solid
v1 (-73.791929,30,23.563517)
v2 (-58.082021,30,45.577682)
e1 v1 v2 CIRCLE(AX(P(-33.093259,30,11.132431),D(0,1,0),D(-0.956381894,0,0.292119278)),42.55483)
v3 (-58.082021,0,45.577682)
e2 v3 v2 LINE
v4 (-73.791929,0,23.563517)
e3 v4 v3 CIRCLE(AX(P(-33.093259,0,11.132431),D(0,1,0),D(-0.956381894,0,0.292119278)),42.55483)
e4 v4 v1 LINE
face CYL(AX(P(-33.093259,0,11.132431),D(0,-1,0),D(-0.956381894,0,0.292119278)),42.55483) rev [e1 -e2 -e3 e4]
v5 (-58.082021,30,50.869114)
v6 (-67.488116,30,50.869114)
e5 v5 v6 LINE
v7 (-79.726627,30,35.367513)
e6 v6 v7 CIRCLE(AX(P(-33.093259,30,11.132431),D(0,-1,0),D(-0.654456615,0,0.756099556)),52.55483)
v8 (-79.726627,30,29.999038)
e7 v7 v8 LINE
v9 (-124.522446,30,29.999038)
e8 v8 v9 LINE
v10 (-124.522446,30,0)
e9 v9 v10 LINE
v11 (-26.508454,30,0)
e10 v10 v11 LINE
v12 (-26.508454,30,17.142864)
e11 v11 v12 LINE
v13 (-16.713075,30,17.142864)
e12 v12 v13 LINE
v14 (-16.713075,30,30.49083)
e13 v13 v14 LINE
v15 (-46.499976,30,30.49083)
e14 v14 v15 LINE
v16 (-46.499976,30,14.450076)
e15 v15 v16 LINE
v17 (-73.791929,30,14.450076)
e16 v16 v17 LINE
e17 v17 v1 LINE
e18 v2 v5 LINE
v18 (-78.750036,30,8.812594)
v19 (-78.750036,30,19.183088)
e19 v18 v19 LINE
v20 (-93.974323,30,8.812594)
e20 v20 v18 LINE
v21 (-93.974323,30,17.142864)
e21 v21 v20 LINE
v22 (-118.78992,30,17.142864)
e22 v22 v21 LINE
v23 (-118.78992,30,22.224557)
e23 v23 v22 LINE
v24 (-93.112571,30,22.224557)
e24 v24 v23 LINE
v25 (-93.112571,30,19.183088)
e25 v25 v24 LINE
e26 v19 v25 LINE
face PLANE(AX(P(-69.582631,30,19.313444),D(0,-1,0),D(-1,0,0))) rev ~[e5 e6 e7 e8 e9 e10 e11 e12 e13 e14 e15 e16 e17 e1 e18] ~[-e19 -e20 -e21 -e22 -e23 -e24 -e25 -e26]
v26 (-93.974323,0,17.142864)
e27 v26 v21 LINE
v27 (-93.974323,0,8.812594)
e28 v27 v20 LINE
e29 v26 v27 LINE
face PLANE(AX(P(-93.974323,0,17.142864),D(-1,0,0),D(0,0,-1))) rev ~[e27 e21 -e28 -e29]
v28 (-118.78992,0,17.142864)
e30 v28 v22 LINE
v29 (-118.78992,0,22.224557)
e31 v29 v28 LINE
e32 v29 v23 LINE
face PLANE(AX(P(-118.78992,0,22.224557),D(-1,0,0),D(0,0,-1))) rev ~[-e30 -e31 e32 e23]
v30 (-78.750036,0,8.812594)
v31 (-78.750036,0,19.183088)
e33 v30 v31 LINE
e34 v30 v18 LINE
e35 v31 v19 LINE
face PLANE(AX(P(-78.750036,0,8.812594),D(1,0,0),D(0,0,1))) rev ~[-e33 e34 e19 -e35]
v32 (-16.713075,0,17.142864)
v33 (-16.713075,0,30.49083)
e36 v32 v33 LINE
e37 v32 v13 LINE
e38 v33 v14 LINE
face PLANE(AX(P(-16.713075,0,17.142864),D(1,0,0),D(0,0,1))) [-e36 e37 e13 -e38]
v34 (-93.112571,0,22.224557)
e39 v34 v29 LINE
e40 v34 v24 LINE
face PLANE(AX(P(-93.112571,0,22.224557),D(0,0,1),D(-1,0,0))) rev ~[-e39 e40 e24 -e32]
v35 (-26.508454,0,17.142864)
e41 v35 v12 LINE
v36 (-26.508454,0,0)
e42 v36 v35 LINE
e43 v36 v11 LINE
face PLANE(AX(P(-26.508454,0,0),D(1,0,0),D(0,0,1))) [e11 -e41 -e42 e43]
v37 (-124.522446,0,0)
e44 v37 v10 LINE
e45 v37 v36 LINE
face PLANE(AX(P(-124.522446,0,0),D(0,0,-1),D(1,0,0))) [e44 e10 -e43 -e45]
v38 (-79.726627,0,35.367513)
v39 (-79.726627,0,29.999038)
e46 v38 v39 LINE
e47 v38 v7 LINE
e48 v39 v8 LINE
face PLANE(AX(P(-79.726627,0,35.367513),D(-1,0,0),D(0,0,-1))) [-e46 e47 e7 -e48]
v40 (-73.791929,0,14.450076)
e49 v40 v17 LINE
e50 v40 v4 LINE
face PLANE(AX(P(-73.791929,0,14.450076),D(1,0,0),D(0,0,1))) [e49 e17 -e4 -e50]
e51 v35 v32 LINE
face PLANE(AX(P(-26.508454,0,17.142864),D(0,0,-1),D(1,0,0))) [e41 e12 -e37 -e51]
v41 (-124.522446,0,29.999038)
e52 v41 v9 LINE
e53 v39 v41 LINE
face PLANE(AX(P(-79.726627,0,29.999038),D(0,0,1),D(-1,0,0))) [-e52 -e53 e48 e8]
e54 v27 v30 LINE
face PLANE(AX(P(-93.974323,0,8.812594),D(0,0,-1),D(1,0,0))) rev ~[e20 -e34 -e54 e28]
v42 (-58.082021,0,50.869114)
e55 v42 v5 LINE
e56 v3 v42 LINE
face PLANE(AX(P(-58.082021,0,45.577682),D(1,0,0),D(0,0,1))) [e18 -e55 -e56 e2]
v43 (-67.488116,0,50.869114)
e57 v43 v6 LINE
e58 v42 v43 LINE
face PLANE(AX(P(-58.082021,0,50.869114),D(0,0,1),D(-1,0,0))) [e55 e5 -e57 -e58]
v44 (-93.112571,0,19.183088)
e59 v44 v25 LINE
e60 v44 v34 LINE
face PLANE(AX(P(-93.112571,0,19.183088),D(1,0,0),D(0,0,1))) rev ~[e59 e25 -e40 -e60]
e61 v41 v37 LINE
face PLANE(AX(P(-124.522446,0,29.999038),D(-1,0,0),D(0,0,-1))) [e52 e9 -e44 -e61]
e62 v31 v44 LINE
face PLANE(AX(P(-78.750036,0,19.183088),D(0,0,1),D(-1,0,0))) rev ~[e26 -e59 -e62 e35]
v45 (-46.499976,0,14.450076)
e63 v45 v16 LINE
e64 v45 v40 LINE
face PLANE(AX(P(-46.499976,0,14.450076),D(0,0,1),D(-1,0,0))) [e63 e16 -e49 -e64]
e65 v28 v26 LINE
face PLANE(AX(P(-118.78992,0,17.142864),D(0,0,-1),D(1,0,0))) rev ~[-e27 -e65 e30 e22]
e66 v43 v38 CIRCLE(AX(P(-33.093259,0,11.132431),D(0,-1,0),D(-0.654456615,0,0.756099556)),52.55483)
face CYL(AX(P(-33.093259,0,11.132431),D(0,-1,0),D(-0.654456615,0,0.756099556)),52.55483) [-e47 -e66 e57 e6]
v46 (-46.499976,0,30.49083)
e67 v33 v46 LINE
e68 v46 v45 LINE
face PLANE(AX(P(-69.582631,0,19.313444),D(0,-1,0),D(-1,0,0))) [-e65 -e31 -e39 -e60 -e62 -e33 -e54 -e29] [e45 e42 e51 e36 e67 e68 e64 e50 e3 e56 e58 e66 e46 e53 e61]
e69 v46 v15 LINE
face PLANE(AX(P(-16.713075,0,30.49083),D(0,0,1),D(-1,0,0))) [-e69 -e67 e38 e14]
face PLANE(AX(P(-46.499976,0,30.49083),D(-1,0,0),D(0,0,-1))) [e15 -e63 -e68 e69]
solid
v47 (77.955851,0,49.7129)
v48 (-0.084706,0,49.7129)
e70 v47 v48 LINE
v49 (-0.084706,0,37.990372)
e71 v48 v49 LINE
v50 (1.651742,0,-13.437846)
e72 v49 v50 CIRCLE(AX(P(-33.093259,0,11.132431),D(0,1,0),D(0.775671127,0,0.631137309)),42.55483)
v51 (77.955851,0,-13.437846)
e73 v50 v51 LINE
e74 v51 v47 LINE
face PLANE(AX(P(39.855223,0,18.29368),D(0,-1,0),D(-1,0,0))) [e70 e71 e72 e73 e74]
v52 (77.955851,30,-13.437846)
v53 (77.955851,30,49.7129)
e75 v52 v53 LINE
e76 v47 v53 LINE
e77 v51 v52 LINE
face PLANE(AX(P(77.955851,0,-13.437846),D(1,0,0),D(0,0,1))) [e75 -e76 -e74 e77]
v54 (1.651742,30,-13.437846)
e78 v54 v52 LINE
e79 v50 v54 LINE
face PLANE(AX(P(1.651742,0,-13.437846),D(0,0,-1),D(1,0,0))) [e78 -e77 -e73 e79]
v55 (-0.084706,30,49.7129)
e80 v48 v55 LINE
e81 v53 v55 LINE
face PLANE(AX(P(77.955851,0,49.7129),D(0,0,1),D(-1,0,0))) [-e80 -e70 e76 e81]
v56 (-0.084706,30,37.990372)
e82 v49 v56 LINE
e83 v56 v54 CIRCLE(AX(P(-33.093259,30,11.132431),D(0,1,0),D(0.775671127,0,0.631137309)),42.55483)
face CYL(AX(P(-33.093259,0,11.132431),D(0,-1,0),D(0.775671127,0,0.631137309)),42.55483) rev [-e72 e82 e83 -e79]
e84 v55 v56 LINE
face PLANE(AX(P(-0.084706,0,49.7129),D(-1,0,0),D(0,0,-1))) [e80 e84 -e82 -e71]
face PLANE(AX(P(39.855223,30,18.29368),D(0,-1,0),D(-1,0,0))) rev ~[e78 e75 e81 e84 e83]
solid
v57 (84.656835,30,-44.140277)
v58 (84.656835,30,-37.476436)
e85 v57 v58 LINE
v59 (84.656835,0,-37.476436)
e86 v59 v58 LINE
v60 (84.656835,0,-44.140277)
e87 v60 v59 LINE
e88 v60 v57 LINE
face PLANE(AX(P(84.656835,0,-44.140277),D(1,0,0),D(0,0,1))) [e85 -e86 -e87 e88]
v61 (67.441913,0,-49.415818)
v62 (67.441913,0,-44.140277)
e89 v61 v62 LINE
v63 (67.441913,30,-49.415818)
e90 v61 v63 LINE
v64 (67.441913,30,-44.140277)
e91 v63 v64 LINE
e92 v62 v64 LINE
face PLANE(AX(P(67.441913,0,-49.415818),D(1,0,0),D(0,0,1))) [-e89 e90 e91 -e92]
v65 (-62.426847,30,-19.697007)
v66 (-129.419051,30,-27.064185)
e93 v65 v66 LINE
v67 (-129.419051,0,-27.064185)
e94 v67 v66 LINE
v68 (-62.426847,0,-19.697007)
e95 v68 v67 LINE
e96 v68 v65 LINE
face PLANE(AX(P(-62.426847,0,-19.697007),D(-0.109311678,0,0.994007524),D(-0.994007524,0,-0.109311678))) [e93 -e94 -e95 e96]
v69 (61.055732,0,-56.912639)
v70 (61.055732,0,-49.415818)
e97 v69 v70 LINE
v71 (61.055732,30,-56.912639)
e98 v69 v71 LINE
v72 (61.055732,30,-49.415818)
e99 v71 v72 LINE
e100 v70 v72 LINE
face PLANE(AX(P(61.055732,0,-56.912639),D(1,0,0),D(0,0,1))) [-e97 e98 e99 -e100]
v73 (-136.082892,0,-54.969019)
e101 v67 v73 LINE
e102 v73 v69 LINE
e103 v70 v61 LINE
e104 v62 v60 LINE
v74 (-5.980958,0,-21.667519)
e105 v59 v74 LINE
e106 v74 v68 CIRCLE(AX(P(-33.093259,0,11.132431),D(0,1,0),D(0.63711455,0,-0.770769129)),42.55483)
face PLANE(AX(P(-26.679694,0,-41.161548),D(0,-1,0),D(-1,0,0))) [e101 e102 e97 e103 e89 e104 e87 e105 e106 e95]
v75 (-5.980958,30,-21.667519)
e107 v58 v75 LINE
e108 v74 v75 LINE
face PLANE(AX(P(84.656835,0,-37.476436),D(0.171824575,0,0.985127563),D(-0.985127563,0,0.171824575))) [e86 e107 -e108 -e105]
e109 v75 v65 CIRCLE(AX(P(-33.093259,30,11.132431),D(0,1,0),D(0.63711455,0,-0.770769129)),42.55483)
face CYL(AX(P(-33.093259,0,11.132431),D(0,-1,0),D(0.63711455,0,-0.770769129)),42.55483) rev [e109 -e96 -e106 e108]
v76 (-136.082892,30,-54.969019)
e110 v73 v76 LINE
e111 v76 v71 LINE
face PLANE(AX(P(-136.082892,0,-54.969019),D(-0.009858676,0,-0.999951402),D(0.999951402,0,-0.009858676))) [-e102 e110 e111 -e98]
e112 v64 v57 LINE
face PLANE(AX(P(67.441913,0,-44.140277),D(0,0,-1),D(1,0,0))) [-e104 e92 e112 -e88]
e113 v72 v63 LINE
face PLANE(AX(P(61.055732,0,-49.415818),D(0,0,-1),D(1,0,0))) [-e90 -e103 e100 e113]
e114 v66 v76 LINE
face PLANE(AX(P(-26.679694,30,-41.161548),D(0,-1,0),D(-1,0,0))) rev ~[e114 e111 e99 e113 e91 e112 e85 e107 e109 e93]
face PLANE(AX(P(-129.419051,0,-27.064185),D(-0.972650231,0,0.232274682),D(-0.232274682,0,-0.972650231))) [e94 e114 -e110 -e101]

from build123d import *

# Parameters (mm, degrees)
EXTRUDE_1_DEPTH   = 30
EXTRUDE_1_2_DEPTH = 30
EXTRUDE_1_3_DEPTH = 30


with BuildPart() as part:
    # 草图1 → 凸台-拉伸1 (new body)
    with BuildSketch(Plane(origin=(0, 0, 0), x_dir=(1, 0, 0), z_dir=(0, 1, 0))):
        with BuildLine():
            Line((-136.082892291, 54.969018568), (61.05573215, 56.912638809))
            Line((61.05573215, 56.912638809), (61.05573215, 49.41581788))
            Line((61.05573215, 49.41581788), (67.441912941, 49.41581788))
            Line((67.441912941, 49.41581788), (67.441912941, 44.140277226))
            Line((67.441912941, 44.140277226), (84.656835076, 44.140277226))
            Line((84.656835076, 44.140277226), (84.656835076, 37.4764364))
            Line((84.656835076, 37.4764364), (-5.980957684, 21.667519058))
            ThreePointArc((-5.980957684, 21.667519058), (-34.577933368, 31.396492976), (-62.426846885, 19.697007186))
            Line((-62.426846885, 19.697007186), (-129.419051465, 27.064185109))
            Line((-129.419051465, 27.064185109), (-136.082892291, 54.969018568))
        make_face()
    extrude(amount=EXTRUDE_1_DEPTH)


with BuildPart() as body_2:
    # 草图1 → Extrude 1 2 (new body)
    with BuildSketch(Plane(origin=(0, 0, 0), x_dir=(1, 0, 0), z_dir=(0, 1, 0))):
        with BuildLine():
            Line((-102.031983165, 0), (-26.508453802, 0))
            Line((-26.508453802, 0), (-26.508453802, -17.142864306))
            Line((-26.508453802, -17.142864306), (-16.713074962, -17.142864306))
            Line((-16.713074962, -17.142864306), (-16.713074962, -30.490830167))
            Line((-16.713074962, -30.490830167), (-46.49997628, -30.490830167))
            Line((-46.49997628, -30.490830167), (-46.49997628, -14.450076067))
            Line((-46.49997628, -14.450076067), (-73.791928581, -14.450076067))
            Line((-73.791928581, -14.450076067), (-73.791928581, -23.563516851))
            ThreePointArc((-73.791928581, -23.563516851), (-67.732334309, -35.851817062), (-58.082020963, -45.577682428))
            Line((-58.082020963, -45.577682428), (-58.082020963, -50.869114449))
            Line((-58.082020963, -50.869114449), (-67.488115693, -50.869114449))
            ThreePointArc((-67.488115693, -50.869114449), (-74.342116157, -43.698394408), (-79.726627066, -35.36751267))
            Line((-79.726627066, -35.36751267), (-79.726627066, -29.999037995))
            Line((-79.726627066, -29.999037995), (-102.031983165, -29.999037995))
            Line((-102.031983165, -29.999037995), (-124.522445953, -29.999037995))
            Line((-124.522445953, -29.999037995), (-124.522445953, 0))
            Line((-124.522445953, 0), (-102.031983165, 0))
        make_face()
        Polygon((-118.789920471, -17.142864306), (-93.974323171, -17.142864306), (-93.974323171, -8.812593797), (-78.750035691, -8.812593797), (-78.750035691, -19.183087669), (-93.11257105, -19.183087669), (-93.11257105, -22.224557031), (-118.789920471, -22.224557031), align=None, mode=Mode.SUBTRACT)
    extrude(amount=EXTRUDE_1_2_DEPTH)


with BuildPart() as body_3:
    # 草图1 → Extrude 1 3 (new body)
    with BuildSketch(Plane(origin=(0, 0, 0), x_dir=(1, 0, 0), z_dir=(0, 1, 0))):
        with BuildLine():
            Line((1.651741835, 13.437845981), (77.955850579, 13.437845981))
            Line((77.955850579, 13.437845981), (77.955850579, -49.712900439))
            Line((77.955850579, -49.712900439), (-0.084706025, -49.712900439))
            Line((-0.084706025, -49.712900439), (-0.084706025, -37.99037163))
            ThreePointArc((-0.084706025, -37.99037163), (9.437334696, -12.568454589), (1.651741835, 13.437845981))
        make_face()
    extrude(amount=EXTRUDE_1_3_DEPTH)


solid = Compound([part.part, body_2.part, body_3.part])
